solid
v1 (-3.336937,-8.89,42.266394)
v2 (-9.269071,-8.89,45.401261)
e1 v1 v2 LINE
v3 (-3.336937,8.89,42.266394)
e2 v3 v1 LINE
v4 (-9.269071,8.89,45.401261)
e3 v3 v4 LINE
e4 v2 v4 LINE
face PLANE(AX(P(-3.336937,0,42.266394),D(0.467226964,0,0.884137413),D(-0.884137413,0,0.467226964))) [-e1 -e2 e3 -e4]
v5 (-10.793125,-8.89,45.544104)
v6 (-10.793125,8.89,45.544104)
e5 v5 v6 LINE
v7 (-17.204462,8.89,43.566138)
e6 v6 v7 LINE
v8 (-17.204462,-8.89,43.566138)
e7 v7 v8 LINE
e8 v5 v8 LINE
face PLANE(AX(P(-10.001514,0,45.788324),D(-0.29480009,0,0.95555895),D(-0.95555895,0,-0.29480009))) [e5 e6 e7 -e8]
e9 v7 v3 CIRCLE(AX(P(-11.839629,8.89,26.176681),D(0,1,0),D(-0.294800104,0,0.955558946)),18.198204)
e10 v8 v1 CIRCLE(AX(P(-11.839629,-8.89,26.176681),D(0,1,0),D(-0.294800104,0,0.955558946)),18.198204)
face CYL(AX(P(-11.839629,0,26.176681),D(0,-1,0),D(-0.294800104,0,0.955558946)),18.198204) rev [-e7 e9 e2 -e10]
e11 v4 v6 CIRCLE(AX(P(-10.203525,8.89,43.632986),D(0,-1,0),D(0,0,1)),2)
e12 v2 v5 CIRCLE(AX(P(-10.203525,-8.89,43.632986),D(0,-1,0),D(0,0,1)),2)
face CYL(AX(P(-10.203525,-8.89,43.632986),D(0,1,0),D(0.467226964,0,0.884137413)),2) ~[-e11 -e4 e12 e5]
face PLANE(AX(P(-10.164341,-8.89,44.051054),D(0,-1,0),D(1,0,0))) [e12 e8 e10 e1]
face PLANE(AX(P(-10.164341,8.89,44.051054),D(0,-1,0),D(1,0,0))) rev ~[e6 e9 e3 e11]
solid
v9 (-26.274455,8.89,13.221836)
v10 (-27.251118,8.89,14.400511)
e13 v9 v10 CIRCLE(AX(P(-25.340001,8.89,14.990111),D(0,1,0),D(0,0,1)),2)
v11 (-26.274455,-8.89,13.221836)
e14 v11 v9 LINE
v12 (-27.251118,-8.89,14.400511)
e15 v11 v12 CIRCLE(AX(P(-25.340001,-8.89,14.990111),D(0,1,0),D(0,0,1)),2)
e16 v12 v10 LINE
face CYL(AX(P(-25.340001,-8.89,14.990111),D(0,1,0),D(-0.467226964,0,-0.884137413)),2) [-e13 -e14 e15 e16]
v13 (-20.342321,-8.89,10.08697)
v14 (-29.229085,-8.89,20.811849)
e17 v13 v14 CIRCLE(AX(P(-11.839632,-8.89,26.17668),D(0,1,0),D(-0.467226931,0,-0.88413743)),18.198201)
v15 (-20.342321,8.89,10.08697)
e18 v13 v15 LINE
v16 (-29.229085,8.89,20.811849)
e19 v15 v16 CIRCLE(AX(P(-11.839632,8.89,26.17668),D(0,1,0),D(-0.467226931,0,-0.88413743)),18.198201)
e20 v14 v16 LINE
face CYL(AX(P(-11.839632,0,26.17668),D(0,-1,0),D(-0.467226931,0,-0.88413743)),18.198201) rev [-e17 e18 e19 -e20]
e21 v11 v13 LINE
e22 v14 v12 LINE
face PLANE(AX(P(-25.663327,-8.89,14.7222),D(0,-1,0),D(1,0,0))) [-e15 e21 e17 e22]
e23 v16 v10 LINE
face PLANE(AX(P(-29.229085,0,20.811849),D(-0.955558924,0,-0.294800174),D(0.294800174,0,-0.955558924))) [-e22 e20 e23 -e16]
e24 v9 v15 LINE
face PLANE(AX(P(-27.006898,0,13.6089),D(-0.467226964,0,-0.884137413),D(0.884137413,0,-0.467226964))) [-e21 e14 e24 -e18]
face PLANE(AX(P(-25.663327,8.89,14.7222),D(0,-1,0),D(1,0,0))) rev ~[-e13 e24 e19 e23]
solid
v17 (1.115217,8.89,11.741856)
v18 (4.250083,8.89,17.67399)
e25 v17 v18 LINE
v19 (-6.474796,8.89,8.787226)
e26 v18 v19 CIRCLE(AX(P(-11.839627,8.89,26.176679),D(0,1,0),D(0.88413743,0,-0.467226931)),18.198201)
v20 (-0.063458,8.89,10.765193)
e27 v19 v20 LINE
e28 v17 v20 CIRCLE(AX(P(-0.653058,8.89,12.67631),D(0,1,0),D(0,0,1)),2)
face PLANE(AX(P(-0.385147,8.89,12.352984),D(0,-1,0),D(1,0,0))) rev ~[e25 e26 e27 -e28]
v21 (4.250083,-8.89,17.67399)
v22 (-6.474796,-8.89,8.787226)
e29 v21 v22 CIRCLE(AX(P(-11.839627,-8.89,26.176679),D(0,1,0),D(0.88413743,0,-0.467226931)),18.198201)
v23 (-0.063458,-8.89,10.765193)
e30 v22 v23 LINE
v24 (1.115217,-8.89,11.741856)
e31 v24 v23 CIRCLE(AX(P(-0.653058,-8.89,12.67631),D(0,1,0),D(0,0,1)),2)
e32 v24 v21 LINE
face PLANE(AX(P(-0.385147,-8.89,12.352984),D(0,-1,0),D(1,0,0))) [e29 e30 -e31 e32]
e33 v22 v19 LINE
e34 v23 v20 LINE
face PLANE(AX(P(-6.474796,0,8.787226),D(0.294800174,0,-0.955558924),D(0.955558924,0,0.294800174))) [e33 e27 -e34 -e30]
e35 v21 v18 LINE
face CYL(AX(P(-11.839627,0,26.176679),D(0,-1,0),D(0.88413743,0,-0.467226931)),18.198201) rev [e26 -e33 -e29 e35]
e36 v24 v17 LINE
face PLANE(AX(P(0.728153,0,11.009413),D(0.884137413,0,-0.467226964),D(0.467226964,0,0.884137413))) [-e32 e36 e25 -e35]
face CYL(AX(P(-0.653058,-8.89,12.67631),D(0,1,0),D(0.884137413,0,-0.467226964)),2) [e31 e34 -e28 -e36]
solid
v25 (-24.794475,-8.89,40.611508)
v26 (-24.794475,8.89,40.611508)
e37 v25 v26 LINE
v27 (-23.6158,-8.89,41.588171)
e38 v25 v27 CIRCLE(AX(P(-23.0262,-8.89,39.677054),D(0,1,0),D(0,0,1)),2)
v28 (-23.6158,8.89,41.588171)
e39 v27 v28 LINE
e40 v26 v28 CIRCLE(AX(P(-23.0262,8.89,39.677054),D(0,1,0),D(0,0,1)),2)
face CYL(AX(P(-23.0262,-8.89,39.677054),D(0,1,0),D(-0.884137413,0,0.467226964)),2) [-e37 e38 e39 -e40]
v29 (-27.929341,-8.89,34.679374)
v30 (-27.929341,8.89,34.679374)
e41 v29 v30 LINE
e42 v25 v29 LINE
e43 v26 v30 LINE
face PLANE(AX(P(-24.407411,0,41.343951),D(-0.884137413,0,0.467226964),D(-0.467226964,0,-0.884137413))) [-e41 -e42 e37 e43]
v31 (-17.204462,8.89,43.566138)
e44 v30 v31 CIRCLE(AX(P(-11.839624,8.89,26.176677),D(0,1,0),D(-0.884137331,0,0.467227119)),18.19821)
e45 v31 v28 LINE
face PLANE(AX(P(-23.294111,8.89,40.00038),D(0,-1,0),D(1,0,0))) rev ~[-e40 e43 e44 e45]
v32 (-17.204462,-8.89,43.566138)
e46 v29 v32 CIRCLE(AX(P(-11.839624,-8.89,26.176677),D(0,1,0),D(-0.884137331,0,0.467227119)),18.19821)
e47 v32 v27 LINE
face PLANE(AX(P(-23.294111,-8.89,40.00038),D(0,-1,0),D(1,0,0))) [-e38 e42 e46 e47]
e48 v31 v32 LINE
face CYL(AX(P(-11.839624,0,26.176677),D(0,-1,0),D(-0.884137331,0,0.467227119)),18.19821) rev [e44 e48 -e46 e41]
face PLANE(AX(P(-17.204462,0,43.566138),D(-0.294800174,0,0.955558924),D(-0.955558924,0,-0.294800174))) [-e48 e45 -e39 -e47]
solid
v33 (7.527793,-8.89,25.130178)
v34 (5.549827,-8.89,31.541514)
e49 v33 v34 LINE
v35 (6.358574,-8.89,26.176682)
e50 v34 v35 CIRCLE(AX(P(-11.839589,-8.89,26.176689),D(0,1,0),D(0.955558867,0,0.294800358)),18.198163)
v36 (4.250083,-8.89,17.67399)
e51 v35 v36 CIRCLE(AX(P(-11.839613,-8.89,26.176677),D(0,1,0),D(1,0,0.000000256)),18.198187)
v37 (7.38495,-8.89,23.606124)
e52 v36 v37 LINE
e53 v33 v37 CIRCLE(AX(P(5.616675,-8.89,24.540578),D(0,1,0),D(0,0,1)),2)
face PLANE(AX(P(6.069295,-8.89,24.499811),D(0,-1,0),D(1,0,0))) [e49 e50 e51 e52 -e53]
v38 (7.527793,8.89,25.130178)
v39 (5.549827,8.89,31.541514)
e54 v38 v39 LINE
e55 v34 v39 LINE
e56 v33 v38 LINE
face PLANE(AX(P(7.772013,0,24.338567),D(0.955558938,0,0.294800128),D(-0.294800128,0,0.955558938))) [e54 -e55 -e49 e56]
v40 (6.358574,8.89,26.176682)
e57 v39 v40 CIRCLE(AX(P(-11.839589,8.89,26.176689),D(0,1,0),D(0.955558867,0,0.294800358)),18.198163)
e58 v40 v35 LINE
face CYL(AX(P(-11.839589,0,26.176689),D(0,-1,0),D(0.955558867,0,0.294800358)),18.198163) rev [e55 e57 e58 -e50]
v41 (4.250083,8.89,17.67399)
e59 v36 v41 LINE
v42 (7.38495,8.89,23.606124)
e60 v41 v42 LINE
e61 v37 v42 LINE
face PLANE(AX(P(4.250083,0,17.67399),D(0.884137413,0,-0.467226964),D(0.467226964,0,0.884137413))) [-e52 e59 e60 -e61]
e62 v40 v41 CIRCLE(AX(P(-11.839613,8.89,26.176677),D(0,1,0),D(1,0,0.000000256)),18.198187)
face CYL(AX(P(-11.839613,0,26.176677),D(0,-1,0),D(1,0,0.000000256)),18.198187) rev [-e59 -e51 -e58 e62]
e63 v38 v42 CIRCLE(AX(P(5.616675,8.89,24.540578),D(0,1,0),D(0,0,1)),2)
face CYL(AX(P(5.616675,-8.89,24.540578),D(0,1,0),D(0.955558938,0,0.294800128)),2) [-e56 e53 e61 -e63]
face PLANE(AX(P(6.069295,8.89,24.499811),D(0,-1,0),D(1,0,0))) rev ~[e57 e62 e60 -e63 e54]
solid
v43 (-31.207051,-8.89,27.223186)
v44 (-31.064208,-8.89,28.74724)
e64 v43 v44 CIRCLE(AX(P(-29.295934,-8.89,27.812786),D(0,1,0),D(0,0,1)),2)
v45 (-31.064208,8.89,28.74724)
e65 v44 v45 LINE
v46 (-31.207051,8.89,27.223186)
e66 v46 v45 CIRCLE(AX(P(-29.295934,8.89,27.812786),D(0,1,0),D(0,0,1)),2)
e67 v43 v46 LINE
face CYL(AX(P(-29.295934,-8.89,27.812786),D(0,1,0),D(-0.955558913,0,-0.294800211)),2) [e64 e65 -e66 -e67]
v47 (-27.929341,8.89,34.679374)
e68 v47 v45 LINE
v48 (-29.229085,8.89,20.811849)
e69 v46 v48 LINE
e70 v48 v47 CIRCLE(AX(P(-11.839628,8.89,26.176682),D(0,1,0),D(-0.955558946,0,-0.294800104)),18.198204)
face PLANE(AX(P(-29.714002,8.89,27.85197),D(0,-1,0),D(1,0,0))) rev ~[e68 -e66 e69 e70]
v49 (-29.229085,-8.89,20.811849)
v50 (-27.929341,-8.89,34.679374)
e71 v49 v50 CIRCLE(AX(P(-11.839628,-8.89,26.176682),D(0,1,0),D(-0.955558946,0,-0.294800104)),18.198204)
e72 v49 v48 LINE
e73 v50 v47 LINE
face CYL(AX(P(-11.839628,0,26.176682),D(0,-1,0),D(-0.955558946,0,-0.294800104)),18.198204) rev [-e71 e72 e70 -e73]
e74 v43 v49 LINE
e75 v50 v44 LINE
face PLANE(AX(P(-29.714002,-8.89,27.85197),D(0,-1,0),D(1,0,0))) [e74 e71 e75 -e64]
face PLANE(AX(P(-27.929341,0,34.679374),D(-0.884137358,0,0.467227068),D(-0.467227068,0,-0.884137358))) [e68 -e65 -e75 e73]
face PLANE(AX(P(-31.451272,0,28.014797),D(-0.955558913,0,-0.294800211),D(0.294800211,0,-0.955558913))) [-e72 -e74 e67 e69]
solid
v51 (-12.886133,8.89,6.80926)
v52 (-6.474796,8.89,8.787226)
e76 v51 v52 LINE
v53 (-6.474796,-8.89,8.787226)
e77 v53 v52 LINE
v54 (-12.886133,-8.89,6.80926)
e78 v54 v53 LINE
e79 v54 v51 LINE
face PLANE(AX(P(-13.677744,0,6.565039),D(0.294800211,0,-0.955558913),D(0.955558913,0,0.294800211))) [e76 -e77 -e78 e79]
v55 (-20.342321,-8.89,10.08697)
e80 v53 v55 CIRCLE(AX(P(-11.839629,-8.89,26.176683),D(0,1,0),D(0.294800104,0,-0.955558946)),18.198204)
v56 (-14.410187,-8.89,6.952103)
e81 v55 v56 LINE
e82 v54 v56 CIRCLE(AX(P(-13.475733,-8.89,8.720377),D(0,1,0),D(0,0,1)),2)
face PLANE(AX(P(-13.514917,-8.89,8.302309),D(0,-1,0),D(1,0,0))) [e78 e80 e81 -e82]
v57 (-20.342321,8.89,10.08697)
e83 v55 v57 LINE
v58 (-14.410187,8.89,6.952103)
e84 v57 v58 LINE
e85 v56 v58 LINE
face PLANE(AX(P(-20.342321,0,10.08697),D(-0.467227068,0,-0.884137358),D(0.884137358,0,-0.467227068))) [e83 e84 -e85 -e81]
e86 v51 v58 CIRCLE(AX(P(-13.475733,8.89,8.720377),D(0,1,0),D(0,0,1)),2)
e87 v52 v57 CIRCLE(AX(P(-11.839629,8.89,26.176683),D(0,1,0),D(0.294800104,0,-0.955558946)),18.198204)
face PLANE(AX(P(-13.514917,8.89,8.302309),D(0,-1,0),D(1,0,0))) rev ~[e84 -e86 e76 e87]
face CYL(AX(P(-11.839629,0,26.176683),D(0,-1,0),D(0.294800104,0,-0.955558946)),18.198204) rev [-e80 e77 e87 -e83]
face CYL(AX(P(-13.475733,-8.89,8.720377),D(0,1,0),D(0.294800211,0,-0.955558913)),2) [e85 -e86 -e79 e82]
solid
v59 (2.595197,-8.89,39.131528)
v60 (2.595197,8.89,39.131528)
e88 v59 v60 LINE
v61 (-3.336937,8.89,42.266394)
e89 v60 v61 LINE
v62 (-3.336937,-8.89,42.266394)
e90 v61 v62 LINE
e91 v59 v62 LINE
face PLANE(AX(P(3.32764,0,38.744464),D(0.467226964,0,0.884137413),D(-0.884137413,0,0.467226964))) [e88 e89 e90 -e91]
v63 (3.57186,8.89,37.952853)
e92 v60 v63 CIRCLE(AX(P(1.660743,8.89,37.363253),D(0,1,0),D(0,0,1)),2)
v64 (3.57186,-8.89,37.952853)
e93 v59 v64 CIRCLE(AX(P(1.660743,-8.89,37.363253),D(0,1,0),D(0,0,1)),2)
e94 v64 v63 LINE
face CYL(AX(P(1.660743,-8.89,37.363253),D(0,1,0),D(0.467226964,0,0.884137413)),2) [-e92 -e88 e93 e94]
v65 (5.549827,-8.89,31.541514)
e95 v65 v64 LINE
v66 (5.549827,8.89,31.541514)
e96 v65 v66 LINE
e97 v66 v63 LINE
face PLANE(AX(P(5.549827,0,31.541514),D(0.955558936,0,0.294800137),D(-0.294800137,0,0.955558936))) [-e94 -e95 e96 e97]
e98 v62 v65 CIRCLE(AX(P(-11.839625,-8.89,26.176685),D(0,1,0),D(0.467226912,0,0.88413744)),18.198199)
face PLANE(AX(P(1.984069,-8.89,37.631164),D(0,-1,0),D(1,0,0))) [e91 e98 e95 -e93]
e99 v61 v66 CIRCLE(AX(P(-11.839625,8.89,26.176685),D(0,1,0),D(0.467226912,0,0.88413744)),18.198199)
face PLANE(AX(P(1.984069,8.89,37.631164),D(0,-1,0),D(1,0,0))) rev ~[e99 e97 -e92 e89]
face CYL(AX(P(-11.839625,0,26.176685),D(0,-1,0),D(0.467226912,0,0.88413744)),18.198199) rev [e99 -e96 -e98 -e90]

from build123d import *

# Parameters (mm, degrees)
F1_DEPTH = 8.89
F2_R     = 2


with BuildPart() as f1:
    # F0 (on Front) → F1 (new body, symmetric)
    with BuildSketch(Plane.XZ):
        with BuildLine():
            ThreePointArc((-29.229085, 20.811849), (-29.958424, 27.874879), (-27.929341, 34.679374))
            Line((-27.929341, 34.679374), (-31.451272, 28.014797))
            Line((-31.451272, 28.014797), (-29.229085, 20.811849))
        make_face()
        with BuildLine():
            ThreePointArc((-20.342321, 10.08697), (-25.852359, 14.565566), (-29.229085, 20.811849))
            Line((-29.229085, 20.811849), (-27.006898, 13.6089))
            Line((-27.006898, 13.6089), (-20.342321, 10.08697))
        make_face()
        with BuildLine():
            Line((-13.677744, 6.565039), (-6.474796, 8.787226))
            ThreePointArc((-6.474796, 8.787226), (-13.537826, 8.057887), (-20.342321, 10.08697))
            Line((-20.342321, 10.08697), (-13.677744, 6.565039))
        make_face()
        with BuildLine():
            Line((0.728153, 11.009413), (4.250083, 17.67399))
            ThreePointArc((4.250083, 17.67399), (-0.228513, 12.163952), (-6.474796, 8.787226))
            Line((-6.474796, 8.787226), (0.728153, 11.009413))
        make_face()
        with BuildLine():
            Line((7.772013, 24.338567), (5.549827, 31.541514))
            ThreePointArc((5.549827, 31.541514), (6.155252, 28.889406), (6.358574, 26.176682))
            ThreePointArc((6.358574, 26.176682), (5.823588, 21.79657), (4.250083, 17.67399))
            Line((4.250083, 17.67399), (7.772013, 24.338567))
        make_face()
        with BuildLine():
            Line((5.549827, 31.541514), (3.32764, 38.744464))
            Line((3.32764, 38.744464), (-3.336937, 42.266394))
            ThreePointArc((-3.336937, 42.266394), (2.173101, 37.787798), (5.549827, 31.541514))
        make_face()
        with BuildLine():
            ThreePointArc((-17.204462, 43.566138), (-10.141432, 44.295477), (-3.336937, 42.266394))
            Line((-3.336937, 42.266394), (-10.001514, 45.788324))
            Line((-10.001514, 45.788324), (-17.204462, 43.566138))
        make_face()
        with BuildLine():
            ThreePointArc((-27.929341, 34.679374), (-23.450745, 40.189411), (-17.204462, 43.566138))
            Line((-17.204462, 43.566138), (-24.407411, 41.343951))
            Line((-24.407411, 41.343951), (-27.929341, 34.679374))
        make_face()
    extrude(amount=F1_DEPTH, both=True)

    # F2
    f2_edges = [f1.edges().sort_by_distance(p)[0] for p in [
        (-31.451272, 0, 28.014797),
        (-24.407411, 0, 41.343951),
        (-10.001514, 0, 45.788324),
        (-27.006898, 0, 13.6089),
        (-13.677744, 0, 6.565039),
        (0.728153, 0, 11.009413),
        (7.772013, 0, 24.338567),
        (3.32764, 0, 38.744464),
    ]]
    fillet(f2_edges, radius=F2_R)


solid = f1.part
